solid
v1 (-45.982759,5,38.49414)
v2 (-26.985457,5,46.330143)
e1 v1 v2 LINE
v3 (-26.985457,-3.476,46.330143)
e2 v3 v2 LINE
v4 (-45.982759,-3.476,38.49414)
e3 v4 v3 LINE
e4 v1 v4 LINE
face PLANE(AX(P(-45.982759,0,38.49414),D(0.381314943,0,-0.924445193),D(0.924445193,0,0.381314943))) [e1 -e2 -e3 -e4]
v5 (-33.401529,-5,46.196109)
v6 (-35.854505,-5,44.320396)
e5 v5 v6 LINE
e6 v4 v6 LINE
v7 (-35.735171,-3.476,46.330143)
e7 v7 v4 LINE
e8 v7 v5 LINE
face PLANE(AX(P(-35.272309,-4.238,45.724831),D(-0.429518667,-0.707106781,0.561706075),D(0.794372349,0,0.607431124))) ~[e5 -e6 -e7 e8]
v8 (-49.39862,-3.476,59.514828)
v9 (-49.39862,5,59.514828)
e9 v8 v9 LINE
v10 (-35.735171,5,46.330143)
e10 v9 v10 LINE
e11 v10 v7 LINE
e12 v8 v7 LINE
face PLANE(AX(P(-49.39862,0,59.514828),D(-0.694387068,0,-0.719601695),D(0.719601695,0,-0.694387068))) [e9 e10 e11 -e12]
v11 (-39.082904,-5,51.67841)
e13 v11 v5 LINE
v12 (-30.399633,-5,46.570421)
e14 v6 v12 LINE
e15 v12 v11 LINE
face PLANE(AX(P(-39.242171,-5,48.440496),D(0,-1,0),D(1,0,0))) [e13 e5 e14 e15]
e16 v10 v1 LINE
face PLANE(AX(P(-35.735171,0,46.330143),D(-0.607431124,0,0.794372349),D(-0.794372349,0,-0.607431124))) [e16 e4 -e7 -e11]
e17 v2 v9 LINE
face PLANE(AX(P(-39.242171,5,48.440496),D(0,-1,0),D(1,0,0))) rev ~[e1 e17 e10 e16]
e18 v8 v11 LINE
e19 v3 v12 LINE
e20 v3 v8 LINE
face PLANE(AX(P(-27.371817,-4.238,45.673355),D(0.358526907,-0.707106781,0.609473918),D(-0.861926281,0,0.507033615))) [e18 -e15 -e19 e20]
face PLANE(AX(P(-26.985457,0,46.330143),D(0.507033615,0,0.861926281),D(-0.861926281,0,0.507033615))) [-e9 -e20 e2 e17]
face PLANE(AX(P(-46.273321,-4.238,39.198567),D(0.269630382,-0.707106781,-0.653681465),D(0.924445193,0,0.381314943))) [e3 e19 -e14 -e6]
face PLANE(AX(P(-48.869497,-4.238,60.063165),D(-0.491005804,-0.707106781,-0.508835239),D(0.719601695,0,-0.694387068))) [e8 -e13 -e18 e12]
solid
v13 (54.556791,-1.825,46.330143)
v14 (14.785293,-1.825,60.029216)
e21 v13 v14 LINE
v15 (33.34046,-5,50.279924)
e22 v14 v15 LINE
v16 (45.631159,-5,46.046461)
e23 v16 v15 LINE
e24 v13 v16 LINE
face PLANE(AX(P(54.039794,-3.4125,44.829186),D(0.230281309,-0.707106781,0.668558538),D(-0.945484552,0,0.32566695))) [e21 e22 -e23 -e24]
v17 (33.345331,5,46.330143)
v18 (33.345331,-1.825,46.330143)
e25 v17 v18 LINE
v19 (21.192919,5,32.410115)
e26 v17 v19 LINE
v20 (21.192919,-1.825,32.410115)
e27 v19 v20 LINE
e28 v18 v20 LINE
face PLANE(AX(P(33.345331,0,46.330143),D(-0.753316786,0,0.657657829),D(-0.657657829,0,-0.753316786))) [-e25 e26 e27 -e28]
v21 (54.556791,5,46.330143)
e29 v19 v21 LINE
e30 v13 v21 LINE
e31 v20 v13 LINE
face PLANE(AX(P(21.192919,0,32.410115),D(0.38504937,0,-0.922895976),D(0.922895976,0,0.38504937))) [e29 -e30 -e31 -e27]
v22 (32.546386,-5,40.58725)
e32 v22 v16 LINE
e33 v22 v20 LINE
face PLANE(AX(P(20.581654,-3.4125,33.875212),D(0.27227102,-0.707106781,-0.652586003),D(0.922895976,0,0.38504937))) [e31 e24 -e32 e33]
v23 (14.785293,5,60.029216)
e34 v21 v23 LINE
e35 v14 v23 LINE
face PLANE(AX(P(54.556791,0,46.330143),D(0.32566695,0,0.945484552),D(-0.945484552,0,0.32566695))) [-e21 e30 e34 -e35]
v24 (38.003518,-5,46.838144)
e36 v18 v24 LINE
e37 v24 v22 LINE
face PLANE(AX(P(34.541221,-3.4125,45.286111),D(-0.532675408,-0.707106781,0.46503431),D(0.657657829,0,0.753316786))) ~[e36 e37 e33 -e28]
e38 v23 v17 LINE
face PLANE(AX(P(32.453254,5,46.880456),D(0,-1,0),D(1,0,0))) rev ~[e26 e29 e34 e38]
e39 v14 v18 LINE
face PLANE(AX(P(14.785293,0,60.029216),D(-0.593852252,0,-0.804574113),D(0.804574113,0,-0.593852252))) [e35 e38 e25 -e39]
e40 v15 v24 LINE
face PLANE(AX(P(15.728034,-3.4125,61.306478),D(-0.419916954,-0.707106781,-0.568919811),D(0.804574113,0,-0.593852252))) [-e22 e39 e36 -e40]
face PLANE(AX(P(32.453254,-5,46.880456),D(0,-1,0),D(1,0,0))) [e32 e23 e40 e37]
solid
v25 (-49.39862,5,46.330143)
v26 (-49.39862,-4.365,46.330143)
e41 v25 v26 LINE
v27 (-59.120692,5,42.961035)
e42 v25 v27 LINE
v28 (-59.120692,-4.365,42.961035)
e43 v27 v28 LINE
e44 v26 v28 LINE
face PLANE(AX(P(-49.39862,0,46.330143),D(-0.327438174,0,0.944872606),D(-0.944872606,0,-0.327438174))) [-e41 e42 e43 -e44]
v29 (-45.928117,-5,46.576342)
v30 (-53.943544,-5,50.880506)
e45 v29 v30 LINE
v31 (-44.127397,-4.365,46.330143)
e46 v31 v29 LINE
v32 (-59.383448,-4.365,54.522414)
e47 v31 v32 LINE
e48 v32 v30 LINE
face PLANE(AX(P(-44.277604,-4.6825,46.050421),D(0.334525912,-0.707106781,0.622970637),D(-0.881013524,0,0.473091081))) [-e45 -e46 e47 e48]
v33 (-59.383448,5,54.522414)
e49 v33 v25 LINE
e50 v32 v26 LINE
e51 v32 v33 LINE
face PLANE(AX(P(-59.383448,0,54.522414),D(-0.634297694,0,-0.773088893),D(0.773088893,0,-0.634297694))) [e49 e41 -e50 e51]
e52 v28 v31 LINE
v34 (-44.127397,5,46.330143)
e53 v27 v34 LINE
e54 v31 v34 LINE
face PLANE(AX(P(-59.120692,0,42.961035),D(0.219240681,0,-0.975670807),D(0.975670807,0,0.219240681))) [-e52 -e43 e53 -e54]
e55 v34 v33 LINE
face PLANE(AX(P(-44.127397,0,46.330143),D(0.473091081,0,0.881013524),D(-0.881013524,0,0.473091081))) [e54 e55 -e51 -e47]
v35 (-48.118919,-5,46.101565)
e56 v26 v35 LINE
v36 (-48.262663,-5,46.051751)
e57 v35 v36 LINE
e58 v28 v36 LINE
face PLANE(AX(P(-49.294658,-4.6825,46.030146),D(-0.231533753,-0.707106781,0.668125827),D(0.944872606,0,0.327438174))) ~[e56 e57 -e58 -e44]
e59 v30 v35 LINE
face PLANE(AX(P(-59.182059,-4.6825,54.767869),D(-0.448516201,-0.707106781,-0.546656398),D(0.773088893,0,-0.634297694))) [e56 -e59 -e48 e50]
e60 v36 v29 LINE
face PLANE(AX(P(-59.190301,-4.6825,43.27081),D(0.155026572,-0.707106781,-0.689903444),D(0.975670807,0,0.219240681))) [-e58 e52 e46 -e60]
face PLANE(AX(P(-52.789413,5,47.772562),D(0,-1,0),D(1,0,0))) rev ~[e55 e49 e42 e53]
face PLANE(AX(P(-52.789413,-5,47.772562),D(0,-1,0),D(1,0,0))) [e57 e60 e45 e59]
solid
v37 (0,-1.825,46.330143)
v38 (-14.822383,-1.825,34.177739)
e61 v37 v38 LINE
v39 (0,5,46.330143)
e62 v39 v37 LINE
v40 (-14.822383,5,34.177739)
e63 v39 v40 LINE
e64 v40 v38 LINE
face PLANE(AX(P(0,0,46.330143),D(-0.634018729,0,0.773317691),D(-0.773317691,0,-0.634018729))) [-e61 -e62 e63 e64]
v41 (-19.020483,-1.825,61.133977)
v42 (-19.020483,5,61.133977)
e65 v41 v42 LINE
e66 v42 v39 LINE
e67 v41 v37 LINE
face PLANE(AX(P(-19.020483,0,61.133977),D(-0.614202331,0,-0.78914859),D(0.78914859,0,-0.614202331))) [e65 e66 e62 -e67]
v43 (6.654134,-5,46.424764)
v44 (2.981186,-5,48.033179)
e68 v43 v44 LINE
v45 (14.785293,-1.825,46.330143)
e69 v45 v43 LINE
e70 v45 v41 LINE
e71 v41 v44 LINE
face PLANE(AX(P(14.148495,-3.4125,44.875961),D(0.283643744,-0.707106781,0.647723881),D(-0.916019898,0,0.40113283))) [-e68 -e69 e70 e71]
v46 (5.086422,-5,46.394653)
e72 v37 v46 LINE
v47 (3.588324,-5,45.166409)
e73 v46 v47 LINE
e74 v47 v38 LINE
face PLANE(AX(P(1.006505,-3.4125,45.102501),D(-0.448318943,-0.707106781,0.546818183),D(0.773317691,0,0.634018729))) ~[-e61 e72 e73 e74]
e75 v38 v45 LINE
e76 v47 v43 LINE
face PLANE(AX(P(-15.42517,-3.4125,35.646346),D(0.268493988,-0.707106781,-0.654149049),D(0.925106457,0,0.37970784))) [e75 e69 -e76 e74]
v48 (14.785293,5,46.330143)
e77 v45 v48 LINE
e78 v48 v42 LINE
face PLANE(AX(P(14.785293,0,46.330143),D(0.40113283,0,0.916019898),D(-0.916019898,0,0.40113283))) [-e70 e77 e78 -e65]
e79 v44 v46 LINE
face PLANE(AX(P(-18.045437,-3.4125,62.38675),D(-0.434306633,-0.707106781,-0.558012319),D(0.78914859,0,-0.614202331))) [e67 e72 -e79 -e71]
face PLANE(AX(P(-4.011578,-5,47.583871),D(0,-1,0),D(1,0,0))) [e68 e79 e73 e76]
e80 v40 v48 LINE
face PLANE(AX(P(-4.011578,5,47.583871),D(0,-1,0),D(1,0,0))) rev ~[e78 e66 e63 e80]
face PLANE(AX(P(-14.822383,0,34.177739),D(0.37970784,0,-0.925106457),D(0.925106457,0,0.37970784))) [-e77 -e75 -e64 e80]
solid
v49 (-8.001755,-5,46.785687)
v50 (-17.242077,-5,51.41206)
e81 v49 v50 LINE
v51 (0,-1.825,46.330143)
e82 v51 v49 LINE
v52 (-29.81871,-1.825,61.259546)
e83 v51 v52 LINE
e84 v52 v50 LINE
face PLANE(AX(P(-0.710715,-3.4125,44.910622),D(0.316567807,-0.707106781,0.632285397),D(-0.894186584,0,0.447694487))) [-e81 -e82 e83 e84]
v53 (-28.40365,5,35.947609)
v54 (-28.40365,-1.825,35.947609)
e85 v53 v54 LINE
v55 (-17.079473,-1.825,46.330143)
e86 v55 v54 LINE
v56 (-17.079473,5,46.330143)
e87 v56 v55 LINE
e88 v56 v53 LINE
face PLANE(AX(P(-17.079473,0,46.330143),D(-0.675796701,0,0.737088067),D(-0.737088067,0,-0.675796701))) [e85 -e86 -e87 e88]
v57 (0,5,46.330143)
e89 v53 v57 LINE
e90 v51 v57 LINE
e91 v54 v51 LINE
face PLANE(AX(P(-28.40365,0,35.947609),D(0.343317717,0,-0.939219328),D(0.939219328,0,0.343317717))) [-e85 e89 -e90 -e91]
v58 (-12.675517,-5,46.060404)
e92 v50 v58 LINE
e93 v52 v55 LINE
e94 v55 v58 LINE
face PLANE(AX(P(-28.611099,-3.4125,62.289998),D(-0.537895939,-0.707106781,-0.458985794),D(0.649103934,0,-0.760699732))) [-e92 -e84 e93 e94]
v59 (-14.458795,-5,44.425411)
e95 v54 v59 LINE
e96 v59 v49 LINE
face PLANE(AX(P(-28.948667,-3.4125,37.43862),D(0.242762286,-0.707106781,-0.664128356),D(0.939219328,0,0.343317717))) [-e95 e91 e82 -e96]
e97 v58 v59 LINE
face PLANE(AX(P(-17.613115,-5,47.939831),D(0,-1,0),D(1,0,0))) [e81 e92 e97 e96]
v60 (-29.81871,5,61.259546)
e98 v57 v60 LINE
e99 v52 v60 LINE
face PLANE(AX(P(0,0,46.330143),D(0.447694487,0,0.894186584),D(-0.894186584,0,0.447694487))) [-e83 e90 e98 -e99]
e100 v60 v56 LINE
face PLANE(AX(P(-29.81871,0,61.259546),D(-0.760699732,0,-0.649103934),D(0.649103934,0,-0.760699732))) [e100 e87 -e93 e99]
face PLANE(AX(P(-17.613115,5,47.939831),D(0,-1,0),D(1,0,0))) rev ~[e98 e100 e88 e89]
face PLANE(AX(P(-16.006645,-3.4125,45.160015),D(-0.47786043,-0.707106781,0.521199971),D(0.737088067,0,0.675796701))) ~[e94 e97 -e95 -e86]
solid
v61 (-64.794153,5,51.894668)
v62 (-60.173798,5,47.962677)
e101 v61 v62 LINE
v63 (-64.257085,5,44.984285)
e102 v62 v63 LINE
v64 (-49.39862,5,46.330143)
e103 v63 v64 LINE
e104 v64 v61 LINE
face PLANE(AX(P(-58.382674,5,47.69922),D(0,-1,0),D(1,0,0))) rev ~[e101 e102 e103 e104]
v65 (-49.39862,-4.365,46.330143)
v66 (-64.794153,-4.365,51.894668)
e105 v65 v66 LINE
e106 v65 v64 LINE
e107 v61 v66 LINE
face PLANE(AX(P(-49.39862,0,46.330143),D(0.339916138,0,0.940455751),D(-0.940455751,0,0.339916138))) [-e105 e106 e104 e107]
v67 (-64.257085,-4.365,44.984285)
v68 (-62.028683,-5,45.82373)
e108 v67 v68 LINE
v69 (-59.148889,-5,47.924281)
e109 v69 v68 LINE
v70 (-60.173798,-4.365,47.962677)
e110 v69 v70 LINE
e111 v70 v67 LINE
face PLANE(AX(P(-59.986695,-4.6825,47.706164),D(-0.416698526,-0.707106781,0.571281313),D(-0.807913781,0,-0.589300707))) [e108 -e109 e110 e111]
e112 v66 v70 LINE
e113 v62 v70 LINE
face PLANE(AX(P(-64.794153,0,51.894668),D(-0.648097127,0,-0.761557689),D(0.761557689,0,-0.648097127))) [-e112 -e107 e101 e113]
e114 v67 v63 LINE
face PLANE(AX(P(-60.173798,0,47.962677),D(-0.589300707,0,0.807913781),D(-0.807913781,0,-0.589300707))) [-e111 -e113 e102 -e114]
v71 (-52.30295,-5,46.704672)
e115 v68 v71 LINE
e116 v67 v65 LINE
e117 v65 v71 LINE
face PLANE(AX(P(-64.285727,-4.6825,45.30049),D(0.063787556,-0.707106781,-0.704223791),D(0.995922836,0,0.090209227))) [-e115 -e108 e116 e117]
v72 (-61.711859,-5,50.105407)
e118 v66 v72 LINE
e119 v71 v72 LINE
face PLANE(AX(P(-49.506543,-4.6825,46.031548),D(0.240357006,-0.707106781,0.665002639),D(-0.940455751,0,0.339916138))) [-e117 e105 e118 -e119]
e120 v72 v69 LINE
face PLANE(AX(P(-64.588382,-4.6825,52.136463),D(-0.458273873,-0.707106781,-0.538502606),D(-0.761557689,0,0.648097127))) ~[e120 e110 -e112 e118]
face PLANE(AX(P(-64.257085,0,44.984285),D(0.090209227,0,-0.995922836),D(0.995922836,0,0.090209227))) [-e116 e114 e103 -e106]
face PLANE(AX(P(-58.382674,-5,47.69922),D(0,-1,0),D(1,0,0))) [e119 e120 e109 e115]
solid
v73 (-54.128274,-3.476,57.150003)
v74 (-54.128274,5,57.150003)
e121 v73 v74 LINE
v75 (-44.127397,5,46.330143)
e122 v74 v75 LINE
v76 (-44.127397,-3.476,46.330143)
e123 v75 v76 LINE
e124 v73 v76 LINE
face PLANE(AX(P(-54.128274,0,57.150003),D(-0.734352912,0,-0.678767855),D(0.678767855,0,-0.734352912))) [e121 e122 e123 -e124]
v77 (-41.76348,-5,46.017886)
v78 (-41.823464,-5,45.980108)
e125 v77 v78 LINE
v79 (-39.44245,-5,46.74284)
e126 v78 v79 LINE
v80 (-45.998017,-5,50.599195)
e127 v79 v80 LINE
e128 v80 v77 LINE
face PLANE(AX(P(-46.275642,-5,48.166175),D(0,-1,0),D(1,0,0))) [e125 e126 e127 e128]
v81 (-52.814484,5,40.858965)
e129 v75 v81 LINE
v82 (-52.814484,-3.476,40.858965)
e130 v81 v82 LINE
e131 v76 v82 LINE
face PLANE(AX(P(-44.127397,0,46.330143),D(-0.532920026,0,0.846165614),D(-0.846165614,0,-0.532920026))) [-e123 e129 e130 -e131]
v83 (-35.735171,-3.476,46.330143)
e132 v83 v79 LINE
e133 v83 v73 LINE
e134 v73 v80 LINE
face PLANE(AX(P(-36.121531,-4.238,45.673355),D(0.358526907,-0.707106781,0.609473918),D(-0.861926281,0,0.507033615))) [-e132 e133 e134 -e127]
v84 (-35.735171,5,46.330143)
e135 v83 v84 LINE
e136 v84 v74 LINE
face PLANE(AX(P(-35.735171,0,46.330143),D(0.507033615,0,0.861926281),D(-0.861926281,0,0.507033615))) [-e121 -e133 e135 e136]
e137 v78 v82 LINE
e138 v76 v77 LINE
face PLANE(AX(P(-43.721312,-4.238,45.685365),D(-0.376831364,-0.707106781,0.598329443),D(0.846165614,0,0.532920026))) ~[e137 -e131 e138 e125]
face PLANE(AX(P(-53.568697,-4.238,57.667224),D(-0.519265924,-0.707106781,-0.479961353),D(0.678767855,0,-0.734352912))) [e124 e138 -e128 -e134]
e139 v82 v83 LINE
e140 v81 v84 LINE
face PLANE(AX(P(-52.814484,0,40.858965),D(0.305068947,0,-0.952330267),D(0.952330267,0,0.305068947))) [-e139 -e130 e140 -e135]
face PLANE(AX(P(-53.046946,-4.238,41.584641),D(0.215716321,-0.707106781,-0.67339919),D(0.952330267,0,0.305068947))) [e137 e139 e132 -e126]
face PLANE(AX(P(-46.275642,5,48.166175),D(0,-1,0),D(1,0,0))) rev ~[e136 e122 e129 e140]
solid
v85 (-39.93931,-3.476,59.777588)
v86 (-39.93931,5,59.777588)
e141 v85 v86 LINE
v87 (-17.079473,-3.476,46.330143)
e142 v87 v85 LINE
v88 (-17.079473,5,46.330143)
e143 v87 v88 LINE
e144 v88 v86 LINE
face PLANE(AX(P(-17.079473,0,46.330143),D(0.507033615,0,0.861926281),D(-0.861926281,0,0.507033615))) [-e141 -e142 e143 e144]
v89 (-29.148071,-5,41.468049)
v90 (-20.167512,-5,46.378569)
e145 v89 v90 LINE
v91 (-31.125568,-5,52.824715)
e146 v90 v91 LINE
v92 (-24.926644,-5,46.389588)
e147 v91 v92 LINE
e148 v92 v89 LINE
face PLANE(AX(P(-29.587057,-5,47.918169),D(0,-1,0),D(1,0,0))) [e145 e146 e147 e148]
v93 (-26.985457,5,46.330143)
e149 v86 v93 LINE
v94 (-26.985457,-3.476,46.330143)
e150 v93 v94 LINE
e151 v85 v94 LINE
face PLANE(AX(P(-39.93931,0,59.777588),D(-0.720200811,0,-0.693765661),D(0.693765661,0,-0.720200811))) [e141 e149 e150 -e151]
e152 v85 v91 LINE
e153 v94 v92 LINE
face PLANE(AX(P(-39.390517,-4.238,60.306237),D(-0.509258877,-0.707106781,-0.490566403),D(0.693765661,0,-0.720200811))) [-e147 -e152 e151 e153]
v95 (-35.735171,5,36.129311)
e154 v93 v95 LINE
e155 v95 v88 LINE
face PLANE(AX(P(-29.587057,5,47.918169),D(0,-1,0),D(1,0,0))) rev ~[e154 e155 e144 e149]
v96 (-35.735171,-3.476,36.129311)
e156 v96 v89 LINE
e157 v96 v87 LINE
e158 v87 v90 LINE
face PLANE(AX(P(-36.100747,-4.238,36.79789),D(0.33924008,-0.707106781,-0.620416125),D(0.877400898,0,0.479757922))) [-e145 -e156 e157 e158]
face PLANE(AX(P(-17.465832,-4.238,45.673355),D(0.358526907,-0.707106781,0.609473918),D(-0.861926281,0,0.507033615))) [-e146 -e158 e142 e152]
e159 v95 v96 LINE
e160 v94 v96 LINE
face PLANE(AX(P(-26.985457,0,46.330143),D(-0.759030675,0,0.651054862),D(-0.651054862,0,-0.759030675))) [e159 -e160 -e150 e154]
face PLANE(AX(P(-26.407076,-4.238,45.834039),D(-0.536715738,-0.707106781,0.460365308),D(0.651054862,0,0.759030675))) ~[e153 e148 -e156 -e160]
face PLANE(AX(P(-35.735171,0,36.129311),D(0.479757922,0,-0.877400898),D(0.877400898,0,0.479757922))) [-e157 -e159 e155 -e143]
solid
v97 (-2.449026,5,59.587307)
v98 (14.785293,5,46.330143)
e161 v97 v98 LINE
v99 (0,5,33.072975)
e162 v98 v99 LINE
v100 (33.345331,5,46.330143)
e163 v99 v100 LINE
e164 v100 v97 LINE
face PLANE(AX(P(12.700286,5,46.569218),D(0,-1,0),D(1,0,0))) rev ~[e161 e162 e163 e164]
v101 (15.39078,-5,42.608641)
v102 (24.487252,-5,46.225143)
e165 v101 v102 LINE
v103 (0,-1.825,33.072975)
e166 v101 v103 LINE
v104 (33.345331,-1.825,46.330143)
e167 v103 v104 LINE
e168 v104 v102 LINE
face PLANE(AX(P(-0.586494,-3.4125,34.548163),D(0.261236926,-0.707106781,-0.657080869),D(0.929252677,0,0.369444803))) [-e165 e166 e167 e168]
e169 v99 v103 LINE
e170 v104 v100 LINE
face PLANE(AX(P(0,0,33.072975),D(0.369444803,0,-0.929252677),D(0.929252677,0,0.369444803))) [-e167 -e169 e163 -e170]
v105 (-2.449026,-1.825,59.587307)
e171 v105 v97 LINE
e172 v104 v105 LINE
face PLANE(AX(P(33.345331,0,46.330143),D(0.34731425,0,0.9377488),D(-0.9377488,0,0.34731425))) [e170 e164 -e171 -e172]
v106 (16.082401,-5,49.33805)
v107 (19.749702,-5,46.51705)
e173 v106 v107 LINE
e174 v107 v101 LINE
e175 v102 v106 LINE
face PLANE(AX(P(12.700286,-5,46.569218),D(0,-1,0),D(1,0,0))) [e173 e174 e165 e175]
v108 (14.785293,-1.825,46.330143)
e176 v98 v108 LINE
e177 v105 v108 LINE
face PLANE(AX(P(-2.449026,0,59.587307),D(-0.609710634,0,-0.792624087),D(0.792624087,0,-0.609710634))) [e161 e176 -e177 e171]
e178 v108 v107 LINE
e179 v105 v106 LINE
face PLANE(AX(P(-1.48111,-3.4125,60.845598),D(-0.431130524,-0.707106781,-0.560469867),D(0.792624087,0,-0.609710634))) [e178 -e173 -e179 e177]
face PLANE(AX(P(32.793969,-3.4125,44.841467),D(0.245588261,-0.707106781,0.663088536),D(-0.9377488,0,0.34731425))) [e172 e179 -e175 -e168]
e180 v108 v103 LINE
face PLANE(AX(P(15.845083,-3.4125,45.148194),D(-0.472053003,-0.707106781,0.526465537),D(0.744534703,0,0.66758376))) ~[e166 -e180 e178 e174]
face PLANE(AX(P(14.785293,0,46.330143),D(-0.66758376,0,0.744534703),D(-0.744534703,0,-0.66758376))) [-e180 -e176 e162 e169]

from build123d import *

# Parameters (mm, degrees)
F1_DEPTH   = 5
F2_SIZE2   = 1.524
F2_SIZE    = 1.524
F2_2_SIZE2 = 1.524
F2_2_SIZE  = 1.524
F2_3_SIZE2 = 1.524
F2_3_SIZE  = 1.524
F3_SIZE    = 0.635
F3_2_SIZE  = 0.635
F4_SIZE2   = 3.175
F4_SIZE    = 3.175
F4_2_SIZE2 = 3.175
F4_2_SIZE  = 3.175
F4_3_SIZE2 = 3.175
F4_3_SIZE  = 3.175
F4_4_SIZE2 = 3.175
F4_4_SIZE  = 3.175


with BuildPart() as f1:
    # F0 (on Front) → F1 (new body, symmetric)
    with BuildSketch(Plane.XZ):
        Polygon((-49.3986196816, 46.3301427662), (-64.7941529751, 51.8946684897), (-60.1737983525, 47.9626767337), (-64.2570853233, 44.9842847884), align=None)
    extrude(amount=F1_DEPTH, both=True)

    # F3
    f3_edges = [f1.edges().sort_by_distance(p)[0] for p in [
        (-56.827853, -5, 45.657214),
        (-57.096386, -5, 49.112406),
        (-62.483976, -5, 49.928673),
        (-62.215442, -5, 46.473481),
    ]]
    chamfer(f3_edges, length=F3_SIZE)


with BuildPart() as f1b:
    # F0 (on Front) → F1, piece 2 (new body, symmetric)
    with BuildSketch(Plane.XZ):
        Polygon((14.7852934897, 60.0292161107), (33.3453305066, 46.3301427662), (21.1929194629, 32.4101150036), (54.5567907393, 46.3301427662), align=None)
    extrude(amount=F1_DEPTH, both=True)

    # F4#3
    f4_3_edges = [f1b.edges().sort_by_distance(p)[0] for p in [
        (24.065312, -5, 53.179679),
        (27.269125, -5, 39.370129),
        (37.874855, -5, 39.370129),
        (34.671042, -5, 53.179679),
    ]]
    chamfer(f4_3_edges, length=F4_3_SIZE, length2=F4_3_SIZE2)


with BuildPart() as f1c:
    # F0 (on Front) → F1, piece 3 (new body, symmetric)
    with BuildSketch(Plane.XZ):
        Polygon((-2.4490260985, 59.5873072743), (14.7852934897, 46.3301427662), (0, 33.0729745328), (33.3453305066, 46.3301427662), align=None)
    extrude(amount=F1_DEPTH, both=True)

    # F4#4
    f4_4_edges = [f1c.edges().sort_by_distance(p)[0] for p in [
        (15.448152, -5, 52.958725),
        (6.168134, -5, 52.958725),
        (7.392647, -5, 39.701559),
        (16.672665, -5, 39.701559),
    ]]
    chamfer(f4_4_edges, length=F4_4_SIZE, length2=F4_4_SIZE2)


with BuildPart() as f1d:
    # F0 (on Front) → F1, piece 4 (new body, symmetric)
    with BuildSketch(Plane.XZ):
        Polygon((-19.0204828978, 61.1339770257), (0, 46.3301427662), (-14.8223834112, 34.1777391732), (14.7852934897, 46.3301427662), align=None)
    extrude(amount=F1_DEPTH, both=True)

    # F4#2
    f4_2_edges = [f1d.edges().sort_by_distance(p)[0] for p in [
        (-9.510241, -5, 53.73206),
        (-7.411192, -5, 40.253941),
        (-0.018545, -5, 40.253941),
        (-2.117595, -5, 53.73206),
    ]]
    chamfer(f4_2_edges, length=F4_2_SIZE, length2=F4_2_SIZE2)


with BuildPart() as f1e:
    # F0 (on Front) → F1, piece 5 (new body, symmetric)
    with BuildSketch(Plane.XZ):
        Polygon((-29.8187098791, 61.2595459289), (-17.0794726744, 46.3301427662), (-28.4036499583, 35.9476091376), (0, 46.3301427662), align=None)
    extrude(amount=F1_DEPTH, both=True)

    # F4
    f4_edges = [f1e.edges().sort_by_distance(p)[0] for p in [
        (-14.201825, -5, 41.138876),
        (-14.909355, -5, 53.794844),
        (-23.449091, -5, 53.794844),
        (-22.741561, -5, 41.138876),
    ]]
    chamfer(f4_edges, length=F4_SIZE, length2=F4_SIZE2)


with BuildPart() as f1f:
    # F0 (on Front) → F1, piece 6 (new body, symmetric)
    with BuildSketch(Plane.XZ):
        Polygon((-39.9393104017, 59.7775876522), (-26.9854573235, 46.3301427662), (-35.7351712883, 36.1293107271), (-17.0794726744, 46.3301427662), align=None)
    extrude(amount=F1_DEPTH, both=True)

    # F2#2
    f2_2_edges = [f1f.edges().sort_by_distance(p)[0] for p in [
        (-26.407322, -5, 41.229727),
        (-28.509392, -5, 53.053865),
        (-33.462384, -5, 53.053865),
        (-31.360314, -5, 41.229727),
    ]]
    chamfer(f2_2_edges, length=F2_2_SIZE, length2=F2_2_SIZE2)


with BuildPart() as f1g:
    # F0 (on Front) → F1, piece 7 (new body, symmetric)
    with BuildSketch(Plane.XZ):
        Polygon((-49.3986196816, 59.5148280263), (-35.7351712883, 46.3301427662), (-45.9827594459, 38.4941399097), (-26.9854573235, 46.3301427662), align=None)
    extrude(amount=F1_DEPTH, both=True)

    # F2#3
    f2_3_edges = [f1g.edges().sort_by_distance(p)[0] for p in [
        (-36.484108, -5, 42.412141),
        (-38.192039, -5, 52.922485),
        (-42.566895, -5, 52.922485),
        (-40.858965, -5, 42.412141),
    ]]
    chamfer(f2_3_edges, length=F2_3_SIZE, length2=F2_3_SIZE2)


with BuildPart() as f1h:
    # F0 (on Front) → F1, piece 8 (new body, symmetric)
    with BuildSketch(Plane.XZ):
        Polygon((-54.1282743216, 57.150002569), (-44.1273974836, 46.3301427662), (-52.8144836426, 40.8589653671), (-35.7351712883, 46.3301427662), align=None)
    extrude(amount=F1_DEPTH, both=True)

    # F2
    f2_edges = [f1h.edges().sort_by_distance(p)[0] for p in [
        (-44.931723, -5, 51.740073),
        (-49.127836, -5, 51.740073),
        (-48.470941, -5, 43.594554),
        (-44.274827, -5, 43.594554),
    ]]
    chamfer(f2_edges, length=F2_SIZE, length2=F2_SIZE2)


with BuildPart() as f1i:
    # F0 (on Front) → F1, piece 9 (new body, symmetric)
    with BuildSketch(Plane.XZ):
        Polygon((-59.3834482133, 54.5224137604), (-49.3986196816, 46.3301427662), (-59.1206923127, 42.9610349238), (-44.1273974836, 46.3301427662), align=None)
    extrude(amount=F1_DEPTH, both=True)

    # F3#2
    f3_2_edges = [f1i.edges().sort_by_distance(p)[0] for p in [
        (-51.755423, -5, 50.426278),
        (-54.391034, -5, 50.426278),
        (-51.624045, -5, 44.645589),
        (-54.259656, -5, 44.645589),
    ]]
    chamfer(f3_2_edges, length=F3_2_SIZE)


solid = Compound([f1.part, f1b.part, f1c.part, f1d.part, f1e.part, f1f.part, f1g.part, f1h.part, f1i.part])
